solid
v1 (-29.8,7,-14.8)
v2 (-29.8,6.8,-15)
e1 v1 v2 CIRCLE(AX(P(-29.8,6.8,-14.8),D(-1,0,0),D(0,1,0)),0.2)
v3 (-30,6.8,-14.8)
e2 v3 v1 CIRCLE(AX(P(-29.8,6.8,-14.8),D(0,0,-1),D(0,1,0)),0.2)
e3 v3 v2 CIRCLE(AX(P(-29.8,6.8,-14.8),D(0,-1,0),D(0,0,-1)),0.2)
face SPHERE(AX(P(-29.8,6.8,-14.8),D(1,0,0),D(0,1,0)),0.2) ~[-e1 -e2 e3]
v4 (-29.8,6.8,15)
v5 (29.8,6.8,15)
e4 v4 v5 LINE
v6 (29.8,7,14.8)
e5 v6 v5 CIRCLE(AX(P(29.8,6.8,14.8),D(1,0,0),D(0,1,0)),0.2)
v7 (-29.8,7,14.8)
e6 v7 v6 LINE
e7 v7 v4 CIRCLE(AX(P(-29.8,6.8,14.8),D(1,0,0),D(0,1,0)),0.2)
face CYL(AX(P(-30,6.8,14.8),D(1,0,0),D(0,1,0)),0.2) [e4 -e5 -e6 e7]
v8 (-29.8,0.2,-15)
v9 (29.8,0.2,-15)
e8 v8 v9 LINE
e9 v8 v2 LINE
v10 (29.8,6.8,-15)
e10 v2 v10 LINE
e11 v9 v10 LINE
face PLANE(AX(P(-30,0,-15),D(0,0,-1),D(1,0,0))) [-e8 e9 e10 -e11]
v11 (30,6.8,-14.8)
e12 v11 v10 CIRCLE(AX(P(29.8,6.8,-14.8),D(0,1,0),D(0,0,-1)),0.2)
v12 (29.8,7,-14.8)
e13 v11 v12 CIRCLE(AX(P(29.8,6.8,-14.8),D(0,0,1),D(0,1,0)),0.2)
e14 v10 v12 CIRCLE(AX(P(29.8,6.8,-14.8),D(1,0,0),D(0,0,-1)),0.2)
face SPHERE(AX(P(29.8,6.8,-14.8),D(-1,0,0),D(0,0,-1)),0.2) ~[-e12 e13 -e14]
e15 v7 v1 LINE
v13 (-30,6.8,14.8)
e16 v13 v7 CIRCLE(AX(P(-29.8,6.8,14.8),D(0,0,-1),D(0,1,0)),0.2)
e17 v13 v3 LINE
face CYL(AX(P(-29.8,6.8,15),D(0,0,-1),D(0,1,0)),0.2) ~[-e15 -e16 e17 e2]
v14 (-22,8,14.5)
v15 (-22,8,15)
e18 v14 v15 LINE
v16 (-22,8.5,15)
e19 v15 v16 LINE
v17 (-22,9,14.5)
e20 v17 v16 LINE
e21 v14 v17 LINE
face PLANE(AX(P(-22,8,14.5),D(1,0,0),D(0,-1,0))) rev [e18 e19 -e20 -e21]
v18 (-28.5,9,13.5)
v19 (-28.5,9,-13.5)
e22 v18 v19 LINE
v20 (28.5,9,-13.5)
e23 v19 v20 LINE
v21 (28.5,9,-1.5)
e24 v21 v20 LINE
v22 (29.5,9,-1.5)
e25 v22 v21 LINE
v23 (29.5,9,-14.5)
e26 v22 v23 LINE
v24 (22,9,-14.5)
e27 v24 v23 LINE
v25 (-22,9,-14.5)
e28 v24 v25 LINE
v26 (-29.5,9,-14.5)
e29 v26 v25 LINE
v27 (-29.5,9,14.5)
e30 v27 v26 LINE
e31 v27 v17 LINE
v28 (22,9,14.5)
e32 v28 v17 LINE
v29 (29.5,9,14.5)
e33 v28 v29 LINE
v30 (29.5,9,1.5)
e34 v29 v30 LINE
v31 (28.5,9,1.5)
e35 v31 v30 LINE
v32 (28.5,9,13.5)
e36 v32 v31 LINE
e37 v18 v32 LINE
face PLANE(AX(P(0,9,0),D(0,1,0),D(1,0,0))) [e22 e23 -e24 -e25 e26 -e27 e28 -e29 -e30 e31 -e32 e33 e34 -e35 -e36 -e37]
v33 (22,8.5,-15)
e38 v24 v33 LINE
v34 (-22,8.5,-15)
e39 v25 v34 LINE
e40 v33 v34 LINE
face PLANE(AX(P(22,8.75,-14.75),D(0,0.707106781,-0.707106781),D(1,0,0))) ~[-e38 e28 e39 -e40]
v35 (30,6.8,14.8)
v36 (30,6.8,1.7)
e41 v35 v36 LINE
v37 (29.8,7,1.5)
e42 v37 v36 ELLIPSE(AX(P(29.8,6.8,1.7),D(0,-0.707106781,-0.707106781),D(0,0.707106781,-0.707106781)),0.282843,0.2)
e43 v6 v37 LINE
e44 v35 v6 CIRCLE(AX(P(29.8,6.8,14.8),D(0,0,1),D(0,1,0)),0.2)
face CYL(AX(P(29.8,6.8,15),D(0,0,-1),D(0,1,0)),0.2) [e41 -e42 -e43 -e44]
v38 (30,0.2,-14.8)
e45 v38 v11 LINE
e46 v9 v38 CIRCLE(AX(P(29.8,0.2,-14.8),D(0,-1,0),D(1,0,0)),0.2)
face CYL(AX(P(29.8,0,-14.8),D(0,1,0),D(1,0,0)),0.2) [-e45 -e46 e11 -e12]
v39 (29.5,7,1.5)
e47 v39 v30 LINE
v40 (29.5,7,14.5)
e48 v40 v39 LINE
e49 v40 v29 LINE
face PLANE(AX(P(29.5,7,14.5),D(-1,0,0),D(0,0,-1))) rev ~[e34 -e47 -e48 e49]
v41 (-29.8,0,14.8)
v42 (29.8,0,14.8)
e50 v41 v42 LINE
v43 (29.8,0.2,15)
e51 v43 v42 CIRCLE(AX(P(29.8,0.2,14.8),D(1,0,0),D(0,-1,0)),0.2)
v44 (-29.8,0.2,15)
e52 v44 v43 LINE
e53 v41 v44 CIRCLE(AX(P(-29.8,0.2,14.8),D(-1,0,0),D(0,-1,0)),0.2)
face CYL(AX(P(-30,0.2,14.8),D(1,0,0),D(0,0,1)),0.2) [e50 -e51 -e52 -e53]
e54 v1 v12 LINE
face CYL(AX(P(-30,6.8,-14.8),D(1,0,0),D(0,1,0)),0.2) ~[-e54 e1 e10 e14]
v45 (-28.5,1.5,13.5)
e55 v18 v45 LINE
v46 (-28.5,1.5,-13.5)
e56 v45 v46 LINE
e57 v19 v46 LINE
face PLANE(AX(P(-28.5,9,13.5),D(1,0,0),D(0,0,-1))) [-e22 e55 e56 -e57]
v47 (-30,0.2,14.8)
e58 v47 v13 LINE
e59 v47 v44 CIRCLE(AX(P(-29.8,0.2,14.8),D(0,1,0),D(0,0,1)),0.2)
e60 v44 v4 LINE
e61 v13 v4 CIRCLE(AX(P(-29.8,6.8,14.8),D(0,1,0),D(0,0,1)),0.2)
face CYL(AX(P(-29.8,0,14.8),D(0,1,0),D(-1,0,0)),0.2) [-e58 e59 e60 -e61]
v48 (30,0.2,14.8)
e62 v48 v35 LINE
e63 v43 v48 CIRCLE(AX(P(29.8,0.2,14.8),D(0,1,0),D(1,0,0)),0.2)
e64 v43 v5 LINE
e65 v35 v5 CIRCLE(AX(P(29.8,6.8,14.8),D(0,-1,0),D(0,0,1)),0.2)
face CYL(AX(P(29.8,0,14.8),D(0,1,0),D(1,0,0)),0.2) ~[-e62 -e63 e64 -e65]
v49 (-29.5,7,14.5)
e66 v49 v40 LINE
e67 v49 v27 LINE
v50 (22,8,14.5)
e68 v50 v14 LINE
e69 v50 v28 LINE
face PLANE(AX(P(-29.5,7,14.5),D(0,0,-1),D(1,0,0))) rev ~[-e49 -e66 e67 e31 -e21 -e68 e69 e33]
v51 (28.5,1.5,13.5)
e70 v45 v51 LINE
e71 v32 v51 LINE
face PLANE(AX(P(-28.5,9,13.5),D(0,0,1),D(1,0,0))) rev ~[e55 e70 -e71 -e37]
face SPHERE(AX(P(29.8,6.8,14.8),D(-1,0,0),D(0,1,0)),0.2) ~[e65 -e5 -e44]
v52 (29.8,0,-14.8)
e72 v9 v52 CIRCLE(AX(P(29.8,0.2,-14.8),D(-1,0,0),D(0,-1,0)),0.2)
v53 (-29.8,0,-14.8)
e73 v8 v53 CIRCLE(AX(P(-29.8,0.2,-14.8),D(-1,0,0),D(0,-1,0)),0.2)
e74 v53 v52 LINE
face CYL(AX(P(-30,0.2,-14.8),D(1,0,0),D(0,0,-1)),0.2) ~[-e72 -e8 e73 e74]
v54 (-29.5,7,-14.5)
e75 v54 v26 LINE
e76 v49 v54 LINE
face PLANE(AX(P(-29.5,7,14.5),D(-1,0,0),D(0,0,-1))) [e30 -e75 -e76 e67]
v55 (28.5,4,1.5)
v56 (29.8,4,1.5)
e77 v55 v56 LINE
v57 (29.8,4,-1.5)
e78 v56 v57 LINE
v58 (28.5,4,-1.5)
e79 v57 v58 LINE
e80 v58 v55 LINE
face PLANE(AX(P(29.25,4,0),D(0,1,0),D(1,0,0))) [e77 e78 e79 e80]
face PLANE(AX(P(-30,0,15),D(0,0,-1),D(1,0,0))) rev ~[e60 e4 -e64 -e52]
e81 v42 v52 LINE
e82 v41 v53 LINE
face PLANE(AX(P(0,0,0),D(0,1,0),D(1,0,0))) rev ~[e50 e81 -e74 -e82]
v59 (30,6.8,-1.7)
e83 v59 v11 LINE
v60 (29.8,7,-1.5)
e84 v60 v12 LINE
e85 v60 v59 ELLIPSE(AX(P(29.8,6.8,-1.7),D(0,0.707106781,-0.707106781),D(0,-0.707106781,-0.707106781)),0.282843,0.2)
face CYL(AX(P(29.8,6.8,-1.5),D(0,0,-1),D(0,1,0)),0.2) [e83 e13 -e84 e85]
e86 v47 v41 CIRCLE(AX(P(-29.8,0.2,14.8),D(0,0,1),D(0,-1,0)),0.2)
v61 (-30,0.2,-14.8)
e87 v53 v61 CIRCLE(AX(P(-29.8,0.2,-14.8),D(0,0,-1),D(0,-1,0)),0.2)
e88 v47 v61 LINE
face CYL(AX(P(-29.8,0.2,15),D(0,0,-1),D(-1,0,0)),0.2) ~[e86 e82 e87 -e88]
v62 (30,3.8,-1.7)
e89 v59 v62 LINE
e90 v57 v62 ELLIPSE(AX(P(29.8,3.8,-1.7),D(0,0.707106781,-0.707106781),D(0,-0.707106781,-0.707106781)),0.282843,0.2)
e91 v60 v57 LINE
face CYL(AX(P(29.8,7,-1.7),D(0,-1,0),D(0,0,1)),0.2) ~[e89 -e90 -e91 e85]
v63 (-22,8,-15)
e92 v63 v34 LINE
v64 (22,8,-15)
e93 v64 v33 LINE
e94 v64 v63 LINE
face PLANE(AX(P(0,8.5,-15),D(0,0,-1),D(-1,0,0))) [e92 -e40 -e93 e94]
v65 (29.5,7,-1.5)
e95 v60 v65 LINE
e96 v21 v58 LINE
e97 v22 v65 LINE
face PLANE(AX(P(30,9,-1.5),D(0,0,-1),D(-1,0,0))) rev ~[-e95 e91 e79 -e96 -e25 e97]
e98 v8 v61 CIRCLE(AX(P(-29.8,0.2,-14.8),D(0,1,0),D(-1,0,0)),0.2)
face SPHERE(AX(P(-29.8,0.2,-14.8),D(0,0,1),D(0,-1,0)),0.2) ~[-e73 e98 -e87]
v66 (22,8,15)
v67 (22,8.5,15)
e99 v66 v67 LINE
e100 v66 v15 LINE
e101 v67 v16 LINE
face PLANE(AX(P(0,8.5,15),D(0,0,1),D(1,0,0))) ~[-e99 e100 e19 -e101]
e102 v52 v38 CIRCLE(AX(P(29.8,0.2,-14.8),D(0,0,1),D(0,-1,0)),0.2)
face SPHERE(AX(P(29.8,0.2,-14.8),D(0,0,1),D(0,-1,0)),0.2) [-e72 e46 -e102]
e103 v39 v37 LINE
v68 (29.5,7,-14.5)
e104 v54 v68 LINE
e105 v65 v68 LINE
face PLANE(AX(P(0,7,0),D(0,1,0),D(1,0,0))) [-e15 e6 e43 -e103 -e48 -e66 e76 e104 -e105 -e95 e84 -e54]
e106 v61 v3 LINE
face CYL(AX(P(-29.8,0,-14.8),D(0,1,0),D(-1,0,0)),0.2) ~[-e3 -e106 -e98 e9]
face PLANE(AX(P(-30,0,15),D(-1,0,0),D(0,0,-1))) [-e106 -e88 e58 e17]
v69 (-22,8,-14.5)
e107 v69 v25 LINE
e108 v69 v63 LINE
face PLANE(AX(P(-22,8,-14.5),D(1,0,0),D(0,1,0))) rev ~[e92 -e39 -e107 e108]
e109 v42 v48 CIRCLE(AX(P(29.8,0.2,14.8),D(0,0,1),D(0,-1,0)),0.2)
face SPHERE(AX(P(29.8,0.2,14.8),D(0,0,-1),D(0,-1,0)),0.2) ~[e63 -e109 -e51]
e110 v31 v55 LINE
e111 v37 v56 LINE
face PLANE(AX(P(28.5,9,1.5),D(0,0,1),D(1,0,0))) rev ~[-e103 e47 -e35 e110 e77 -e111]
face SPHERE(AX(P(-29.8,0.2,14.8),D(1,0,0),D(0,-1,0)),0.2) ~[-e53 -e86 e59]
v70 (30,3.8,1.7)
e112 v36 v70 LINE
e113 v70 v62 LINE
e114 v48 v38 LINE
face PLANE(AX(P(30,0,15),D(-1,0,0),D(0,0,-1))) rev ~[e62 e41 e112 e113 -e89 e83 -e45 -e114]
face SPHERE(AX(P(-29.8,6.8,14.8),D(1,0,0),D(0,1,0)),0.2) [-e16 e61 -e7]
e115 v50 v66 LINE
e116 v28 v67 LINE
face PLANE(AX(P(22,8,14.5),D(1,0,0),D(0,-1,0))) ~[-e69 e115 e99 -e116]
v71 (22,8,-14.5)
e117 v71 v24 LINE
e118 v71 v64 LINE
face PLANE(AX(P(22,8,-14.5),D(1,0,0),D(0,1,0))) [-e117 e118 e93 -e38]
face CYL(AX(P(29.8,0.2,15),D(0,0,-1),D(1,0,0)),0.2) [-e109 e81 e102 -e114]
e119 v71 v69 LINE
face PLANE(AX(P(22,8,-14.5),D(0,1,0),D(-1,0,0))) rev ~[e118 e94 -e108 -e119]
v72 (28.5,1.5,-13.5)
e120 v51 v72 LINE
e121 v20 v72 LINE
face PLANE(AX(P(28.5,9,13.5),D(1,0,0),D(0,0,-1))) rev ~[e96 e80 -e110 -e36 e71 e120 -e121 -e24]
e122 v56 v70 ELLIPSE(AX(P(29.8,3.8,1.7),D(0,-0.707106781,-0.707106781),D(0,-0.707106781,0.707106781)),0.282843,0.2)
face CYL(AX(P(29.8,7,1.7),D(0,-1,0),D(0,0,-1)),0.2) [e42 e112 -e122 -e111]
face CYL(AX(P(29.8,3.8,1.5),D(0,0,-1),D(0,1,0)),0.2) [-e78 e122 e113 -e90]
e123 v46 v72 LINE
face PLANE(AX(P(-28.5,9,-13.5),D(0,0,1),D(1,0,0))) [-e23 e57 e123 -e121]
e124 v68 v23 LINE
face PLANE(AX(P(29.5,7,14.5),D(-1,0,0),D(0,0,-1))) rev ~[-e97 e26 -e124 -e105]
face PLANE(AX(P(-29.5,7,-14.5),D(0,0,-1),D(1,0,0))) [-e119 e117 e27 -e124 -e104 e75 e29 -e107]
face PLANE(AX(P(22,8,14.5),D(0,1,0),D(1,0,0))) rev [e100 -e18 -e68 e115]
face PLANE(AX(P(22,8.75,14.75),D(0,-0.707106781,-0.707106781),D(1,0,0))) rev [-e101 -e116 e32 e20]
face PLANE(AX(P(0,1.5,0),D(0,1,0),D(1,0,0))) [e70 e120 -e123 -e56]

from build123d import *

# Parameters (mm, degrees)
SKETCH_1_W                 = 60
SKETCH_1_H                 = 30
EXTRUDE_1_DEPTH            = 7
SKETCH_2_W                 = 59
SKETCH_2_H                 = 29
EXTRUDE_2_DEPTH            = 2
SKETCH_3_W                 = 57
SKETCH_3_H                 = 27
CUT_EXTRUDE_1_DEPTH        = 7.5
SKETCH_4_W                 = 44
SKETCH_4_H                 = 1
EXTRUDE_3_DEPTH            = 0.5
CHAMFER_1_SIZE             = 0.5
CHAMFER_1_OF_MIRROR_1_SIZE = 0.5
CUT_EXTRUDE_2_DEPTH        = 5
FILLET_1_R                 = 0.2


with BuildPart() as part:
    # 草图1 → 凸台-拉伸1 (new body)
    with BuildSketch(Plane(origin=(0, 0, 0), x_dir=(1, 0, 0), z_dir=(0, 1, 0))):
        Rectangle(SKETCH_1_W, SKETCH_1_H)
    extrude(amount=EXTRUDE_1_DEPTH)

    # 草图2 → 凸台-拉伸2 (add)
    with BuildSketch(Plane(origin=(0, 7, 0), x_dir=(1, 0, 0), z_dir=(0, 1, 0))):
        Rectangle(SKETCH_2_W, SKETCH_2_H)
    extrude(amount=EXTRUDE_2_DEPTH)

    # 草图3 → 切除-拉伸1 (cut)
    with BuildSketch(Plane(origin=(0, 9, 0), x_dir=(1, 0, 0), z_dir=(0, 1, 0))):
        Rectangle(SKETCH_3_W, SKETCH_3_H)
    extrude(amount=-CUT_EXTRUDE_1_DEPTH, mode=Mode.SUBTRACT)

    # 草图4 → 凸台-拉伸3 (add)
    with BuildSketch(Plane(origin=(0, 0, -14.5), x_dir=(-1, 0, 0), z_dir=(0, 0, -1))):
        with Locations((0, 8.5)):
            Rectangle(SKETCH_4_W, SKETCH_4_H)
    extrude_3 = extrude(amount=EXTRUDE_3_DEPTH)

    # 倒角1
    chamfer_1_edges = [part.edges().sort_by_distance(p)[0] for p in [
        (0, 9, -15),
    ]]
    chamfer(chamfer_1_edges, length=CHAMFER_1_SIZE)

    # 镜向1: 凸台-拉伸3 across plane
    add(extrude_3.mirror(Plane.XY))

    # 倒角1 of 镜向1
    chamfer_1_of_mirror_1_edges = [part.edges().sort_by_distance(p)[0] for p in [
        (0, 9, 15),
    ]]
    chamfer(chamfer_1_of_mirror_1_edges, length=CHAMFER_1_OF_MIRROR_1_SIZE)

    # 草图5 → 切除-拉伸2 (cut)
    with BuildSketch(Plane(origin=(0, 9, 0), x_dir=(1, 0, 0), z_dir=(0, 1, 0))):
        Polygon((30, 0), (30, 1.5), (28.5, 1.5), (28.5, -1.5), (30, -1.5), align=None)
    extrude(amount=-CUT_EXTRUDE_2_DEPTH, mode=Mode.SUBTRACT)

    # 圆角1
    fillet_1_edges = [part.edges().sort_by_distance(p)[0] for p in [
        (0, 7, 15),
        (30, 7, 8.25),
        (0, 7, -15),
        (30, 0, 0),
        (0, 0, 15),
        (-30, 0, 0),
        (0, 0, -15),
        (-30, 7, 0),
        (30, 3.5, -15),
        (30, 3.5, 15),
        (-30, 3.5, 15),
        (-30, 3.5, -15),
        (30, 7, -8.25),
        (30, 5.5, 1.5),
        (30, 4, 0),
        (30, 5.5, -1.5),
    ]]
    fillet(fillet_1_edges, radius=FILLET_1_R)


solid = part.part
